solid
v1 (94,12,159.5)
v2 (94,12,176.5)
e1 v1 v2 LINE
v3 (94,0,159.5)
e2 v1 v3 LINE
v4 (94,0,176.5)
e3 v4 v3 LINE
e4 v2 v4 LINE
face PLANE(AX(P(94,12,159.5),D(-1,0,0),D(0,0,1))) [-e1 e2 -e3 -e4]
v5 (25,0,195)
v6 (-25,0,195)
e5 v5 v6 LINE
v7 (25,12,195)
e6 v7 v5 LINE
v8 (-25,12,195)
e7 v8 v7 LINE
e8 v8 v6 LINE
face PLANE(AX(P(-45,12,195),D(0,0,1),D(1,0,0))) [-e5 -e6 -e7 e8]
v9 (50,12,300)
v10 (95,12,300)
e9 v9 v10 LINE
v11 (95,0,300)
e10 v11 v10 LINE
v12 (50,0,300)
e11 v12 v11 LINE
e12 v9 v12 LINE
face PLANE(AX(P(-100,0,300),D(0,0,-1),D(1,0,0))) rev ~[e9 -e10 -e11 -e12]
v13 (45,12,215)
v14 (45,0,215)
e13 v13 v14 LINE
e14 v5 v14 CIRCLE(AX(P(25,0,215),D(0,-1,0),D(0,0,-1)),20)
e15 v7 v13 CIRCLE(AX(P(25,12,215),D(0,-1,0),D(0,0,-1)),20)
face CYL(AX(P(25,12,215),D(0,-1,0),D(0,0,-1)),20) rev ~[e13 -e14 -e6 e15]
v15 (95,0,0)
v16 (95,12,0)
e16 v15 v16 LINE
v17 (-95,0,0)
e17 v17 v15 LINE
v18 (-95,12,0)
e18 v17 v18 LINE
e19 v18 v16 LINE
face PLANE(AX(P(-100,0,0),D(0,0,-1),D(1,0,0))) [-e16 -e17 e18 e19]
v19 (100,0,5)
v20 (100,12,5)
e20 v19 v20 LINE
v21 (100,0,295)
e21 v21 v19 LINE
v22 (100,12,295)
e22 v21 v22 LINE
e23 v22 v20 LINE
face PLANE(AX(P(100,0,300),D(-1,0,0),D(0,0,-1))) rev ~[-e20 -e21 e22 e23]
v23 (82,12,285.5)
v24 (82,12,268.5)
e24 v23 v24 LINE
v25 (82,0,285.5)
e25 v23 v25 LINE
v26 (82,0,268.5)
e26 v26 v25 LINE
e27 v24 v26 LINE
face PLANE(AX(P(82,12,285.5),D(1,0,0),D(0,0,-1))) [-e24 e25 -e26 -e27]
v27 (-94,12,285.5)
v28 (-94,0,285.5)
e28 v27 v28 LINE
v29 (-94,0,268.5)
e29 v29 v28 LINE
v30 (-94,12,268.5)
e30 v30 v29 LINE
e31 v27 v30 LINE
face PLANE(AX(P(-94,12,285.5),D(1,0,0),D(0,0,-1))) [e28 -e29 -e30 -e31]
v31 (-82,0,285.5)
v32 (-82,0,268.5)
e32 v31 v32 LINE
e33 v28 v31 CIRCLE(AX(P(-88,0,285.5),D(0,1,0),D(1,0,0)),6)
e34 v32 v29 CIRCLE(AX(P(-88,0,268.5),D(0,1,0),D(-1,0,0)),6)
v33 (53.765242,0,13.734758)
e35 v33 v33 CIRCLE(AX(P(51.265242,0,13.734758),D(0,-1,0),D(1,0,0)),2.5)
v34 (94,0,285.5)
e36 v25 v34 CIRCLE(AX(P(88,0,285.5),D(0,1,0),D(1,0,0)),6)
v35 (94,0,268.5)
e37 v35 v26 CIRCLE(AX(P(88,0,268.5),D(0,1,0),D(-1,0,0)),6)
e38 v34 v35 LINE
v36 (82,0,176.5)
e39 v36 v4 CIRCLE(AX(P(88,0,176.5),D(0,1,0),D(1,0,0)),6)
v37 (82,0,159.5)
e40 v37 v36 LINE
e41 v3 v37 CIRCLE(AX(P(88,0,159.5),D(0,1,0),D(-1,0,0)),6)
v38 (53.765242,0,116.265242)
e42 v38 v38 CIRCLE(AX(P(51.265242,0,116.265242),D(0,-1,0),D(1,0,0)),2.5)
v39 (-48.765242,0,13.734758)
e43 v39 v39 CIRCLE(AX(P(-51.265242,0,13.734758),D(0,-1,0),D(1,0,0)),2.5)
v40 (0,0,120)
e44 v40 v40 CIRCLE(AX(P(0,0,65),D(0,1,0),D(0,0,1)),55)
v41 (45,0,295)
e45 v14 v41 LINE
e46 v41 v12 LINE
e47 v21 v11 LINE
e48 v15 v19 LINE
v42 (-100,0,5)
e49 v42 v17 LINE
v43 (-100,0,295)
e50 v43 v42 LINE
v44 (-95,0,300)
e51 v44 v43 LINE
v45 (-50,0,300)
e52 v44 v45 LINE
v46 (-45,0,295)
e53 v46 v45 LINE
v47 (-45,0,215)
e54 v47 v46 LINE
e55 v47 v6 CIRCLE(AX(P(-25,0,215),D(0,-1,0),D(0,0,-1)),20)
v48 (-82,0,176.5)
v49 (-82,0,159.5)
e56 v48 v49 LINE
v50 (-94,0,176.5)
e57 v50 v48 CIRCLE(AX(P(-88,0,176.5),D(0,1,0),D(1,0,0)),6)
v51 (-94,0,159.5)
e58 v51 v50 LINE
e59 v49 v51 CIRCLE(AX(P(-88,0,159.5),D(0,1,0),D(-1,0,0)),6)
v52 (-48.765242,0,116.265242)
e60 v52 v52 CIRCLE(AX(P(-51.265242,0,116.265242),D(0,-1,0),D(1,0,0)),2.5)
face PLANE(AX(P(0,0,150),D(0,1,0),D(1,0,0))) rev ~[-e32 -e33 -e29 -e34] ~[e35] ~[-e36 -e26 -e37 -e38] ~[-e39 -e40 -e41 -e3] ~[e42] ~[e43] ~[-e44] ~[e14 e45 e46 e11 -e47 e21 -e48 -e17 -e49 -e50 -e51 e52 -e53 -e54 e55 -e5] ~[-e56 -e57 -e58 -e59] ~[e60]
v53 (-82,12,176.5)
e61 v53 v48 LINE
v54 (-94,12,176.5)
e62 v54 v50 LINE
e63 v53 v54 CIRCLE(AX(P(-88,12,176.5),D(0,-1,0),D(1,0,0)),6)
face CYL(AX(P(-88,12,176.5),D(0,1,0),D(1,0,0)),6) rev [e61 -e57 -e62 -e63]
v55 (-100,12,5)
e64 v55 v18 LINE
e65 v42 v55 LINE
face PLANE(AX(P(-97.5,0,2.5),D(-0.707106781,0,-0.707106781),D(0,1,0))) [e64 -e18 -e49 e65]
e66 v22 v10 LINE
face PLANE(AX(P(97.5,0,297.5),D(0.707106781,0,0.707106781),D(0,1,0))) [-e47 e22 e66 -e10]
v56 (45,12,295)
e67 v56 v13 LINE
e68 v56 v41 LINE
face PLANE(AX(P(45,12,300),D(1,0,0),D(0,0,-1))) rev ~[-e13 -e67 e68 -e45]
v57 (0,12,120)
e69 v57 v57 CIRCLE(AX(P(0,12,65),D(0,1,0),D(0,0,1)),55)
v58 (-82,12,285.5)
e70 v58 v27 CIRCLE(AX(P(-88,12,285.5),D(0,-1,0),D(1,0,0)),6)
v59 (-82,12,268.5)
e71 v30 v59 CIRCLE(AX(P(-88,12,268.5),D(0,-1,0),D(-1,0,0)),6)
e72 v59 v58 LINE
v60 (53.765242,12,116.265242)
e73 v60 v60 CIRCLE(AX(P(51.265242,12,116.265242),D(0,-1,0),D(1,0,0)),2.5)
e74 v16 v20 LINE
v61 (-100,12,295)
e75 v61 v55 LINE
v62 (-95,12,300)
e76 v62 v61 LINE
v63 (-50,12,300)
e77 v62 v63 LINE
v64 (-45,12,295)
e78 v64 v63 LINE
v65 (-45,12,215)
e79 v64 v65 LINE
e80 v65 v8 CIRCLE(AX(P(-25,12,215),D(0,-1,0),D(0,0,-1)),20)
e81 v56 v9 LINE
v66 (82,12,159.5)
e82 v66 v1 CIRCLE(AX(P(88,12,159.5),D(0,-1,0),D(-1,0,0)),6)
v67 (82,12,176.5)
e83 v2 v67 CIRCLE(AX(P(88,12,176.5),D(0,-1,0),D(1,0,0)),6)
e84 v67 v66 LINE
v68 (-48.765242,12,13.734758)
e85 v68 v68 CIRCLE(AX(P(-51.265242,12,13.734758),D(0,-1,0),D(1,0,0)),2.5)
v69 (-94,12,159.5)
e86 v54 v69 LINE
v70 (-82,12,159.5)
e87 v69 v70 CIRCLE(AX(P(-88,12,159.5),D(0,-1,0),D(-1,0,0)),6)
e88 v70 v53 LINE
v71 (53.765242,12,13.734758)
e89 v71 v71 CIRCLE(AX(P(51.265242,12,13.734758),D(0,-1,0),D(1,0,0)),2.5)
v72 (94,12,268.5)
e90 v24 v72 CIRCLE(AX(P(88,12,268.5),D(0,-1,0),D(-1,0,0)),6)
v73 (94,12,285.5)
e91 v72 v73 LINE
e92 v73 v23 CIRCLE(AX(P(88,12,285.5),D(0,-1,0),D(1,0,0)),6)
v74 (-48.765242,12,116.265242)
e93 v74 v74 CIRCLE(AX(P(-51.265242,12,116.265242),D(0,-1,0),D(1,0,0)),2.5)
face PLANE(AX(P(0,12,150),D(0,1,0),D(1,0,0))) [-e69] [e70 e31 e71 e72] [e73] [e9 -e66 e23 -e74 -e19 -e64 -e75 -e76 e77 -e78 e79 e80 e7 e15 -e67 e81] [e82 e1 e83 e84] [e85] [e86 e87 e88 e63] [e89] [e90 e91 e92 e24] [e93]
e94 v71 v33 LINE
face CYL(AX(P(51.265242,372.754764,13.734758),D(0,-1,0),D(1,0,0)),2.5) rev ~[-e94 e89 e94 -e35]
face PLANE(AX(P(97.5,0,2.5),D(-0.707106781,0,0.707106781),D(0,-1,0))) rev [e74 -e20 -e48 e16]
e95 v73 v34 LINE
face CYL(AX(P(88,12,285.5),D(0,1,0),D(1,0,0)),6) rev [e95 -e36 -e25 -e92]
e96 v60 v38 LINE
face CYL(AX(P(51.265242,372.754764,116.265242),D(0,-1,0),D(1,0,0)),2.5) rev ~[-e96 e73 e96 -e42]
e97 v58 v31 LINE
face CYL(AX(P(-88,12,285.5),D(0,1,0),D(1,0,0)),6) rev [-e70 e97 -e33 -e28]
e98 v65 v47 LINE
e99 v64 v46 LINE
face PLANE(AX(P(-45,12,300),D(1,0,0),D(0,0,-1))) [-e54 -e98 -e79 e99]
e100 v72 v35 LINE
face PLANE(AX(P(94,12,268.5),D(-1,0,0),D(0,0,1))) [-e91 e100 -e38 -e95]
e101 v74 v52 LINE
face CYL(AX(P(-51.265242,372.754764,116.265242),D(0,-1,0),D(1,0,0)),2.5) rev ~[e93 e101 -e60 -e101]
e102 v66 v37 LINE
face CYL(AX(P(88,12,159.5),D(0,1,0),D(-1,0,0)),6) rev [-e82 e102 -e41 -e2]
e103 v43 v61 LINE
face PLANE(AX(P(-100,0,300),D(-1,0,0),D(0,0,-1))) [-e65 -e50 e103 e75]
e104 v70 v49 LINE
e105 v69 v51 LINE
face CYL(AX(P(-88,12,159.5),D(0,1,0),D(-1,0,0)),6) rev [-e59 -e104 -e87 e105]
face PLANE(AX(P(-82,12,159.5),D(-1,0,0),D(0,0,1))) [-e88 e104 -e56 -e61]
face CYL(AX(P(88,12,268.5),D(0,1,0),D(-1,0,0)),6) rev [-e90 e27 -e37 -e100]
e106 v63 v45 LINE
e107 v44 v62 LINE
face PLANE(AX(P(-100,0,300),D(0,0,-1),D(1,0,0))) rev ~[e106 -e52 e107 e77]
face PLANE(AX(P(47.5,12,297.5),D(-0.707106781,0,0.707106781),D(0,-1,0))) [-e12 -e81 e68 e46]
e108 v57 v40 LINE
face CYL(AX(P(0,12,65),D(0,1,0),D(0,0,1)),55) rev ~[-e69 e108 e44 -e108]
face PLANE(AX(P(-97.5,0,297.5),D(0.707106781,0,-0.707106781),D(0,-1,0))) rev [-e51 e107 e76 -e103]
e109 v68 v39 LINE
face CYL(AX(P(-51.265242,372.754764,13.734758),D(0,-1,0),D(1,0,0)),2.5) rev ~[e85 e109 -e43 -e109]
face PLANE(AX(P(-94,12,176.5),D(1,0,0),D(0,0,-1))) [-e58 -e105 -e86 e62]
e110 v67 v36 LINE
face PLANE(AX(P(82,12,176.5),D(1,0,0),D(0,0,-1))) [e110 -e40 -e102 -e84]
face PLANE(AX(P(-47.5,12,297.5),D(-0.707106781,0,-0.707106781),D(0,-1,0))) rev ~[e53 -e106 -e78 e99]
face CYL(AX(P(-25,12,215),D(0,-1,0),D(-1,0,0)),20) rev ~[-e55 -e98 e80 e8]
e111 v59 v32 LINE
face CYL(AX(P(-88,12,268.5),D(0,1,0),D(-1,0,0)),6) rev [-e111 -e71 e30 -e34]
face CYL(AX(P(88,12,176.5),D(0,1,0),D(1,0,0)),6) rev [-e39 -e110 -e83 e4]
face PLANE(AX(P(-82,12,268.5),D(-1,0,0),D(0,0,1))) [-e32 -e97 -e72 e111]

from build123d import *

# Parameters (mm, degrees)
SKETCH1_W             = 200
SKETCH1_H             = 300
BOSS_EXTRUDE1_DEPTH   = 12
CUT_EXTRUDE1_REACH    = 318.455
SKETCH2_W             = 90
SKETCH2_H             = 105
CUT_EXTRUDE2_REACH    = 318.455
SKETCH3_R             = 55
CUT_EXTRUDE3_REACH    = 318.455
M6X1_0_TAPPED_HOLE1_D = 5
FILLET1_R             = 20
CHAMFER1_SIZE         = 5


with BuildPart() as part:
    # Sketch1 → Boss-Extrude1 (new body)
    with BuildSketch(Plane(origin=(0, 0, 0), x_dir=(1, 0, 0), z_dir=(0, 1, 0))):
        with Locations((0, -150)):
            Rectangle(SKETCH1_W, SKETCH1_H)
    extrude(amount=BOSS_EXTRUDE1_DEPTH)

    # Sketch2 → Cut-Extrude1 (cut, up to next)
    with BuildSketch(Plane(origin=(0, 12, 0), x_dir=(1, 0, 0), z_dir=(0, 1, 0)), mode=Mode.PRIVATE) as cut_extrude1_sk1:
        with Locations((0, -247.5)):
            Rectangle(SKETCH2_W, SKETCH2_H)
    cut_extrude1_tool1 = extrude(cut_extrude1_sk1.sketch, amount=-CUT_EXTRUDE1_REACH, mode=Mode.PRIVATE) & part.part
    add(cut_extrude1_tool1.solids().sort_by_distance((0, 12, 247.5))[0], mode=Mode.SUBTRACT)

    # Sketch3 → Cut-Extrude2 (cut, up to next)
    with BuildSketch(Plane(origin=(0, 12, 0), x_dir=(1, 0, 0), z_dir=(0, 1, 0)), mode=Mode.PRIVATE) as cut_extrude2_sk1:
        with Locations(Location((0, -65, 0), (0, 0, 270))):
            Circle(SKETCH3_R)
    cut_extrude2_tool1 = extrude(cut_extrude2_sk1.sketch, amount=-CUT_EXTRUDE2_REACH, mode=Mode.PRIVATE) & part.part
    add(cut_extrude2_tool1.solids().sort_by_distance((0, 12, 65))[0], mode=Mode.SUBTRACT)

    # Sketch4 → Cut-Extrude3 (cut, up to next)
    with BuildSketch(Plane(origin=(0, 12, 0), x_dir=(1, 0, 0), z_dir=(0, 1, 0)), mode=Mode.PRIVATE) as cut_extrude3_sk1:
        with BuildLine():
            Line((-82, -268.5), (-82, -285.5))
            ThreePointArc((-82, -285.5), (-88, -291.5), (-94, -285.5))
            Line((-94, -285.5), (-94, -268.5))
            ThreePointArc((-94, -268.5), (-88, -262.5), (-82, -268.5))
        make_face()
    cut_extrude3_tool1 = extrude(cut_extrude3_sk1.sketch, amount=-CUT_EXTRUDE3_REACH, mode=Mode.PRIVATE) & part.part
    # Sketch4 → Cut-Extrude3 (cut, up to next)
    with BuildSketch(Plane(origin=(0, 12, 0), x_dir=(1, 0, 0), z_dir=(0, 1, 0)), mode=Mode.PRIVATE) as cut_extrude3_sk2:
        with BuildLine():
            Line((94, -268.5), (94, -285.5))
            ThreePointArc((94, -285.5), (88, -291.5), (82, -285.5))
            Line((82, -285.5), (82, -268.5))
            ThreePointArc((82, -268.5), (88, -262.5), (94, -268.5))
        make_face()
    cut_extrude3_tool2 = extrude(cut_extrude3_sk2.sketch, amount=-CUT_EXTRUDE3_REACH, mode=Mode.PRIVATE) & part.part
    # Sketch4 → Cut-Extrude3 (cut, up to next)
    with BuildSketch(Plane(origin=(0, 12, 0), x_dir=(1, 0, 0), z_dir=(0, 1, 0)), mode=Mode.PRIVATE) as cut_extrude3_sk3:
        with BuildLine():
            Line((-94, -176.5), (-94, -159.5))
            ThreePointArc((-94, -159.5), (-88, -153.5), (-82, -159.5))
            Line((-82, -159.5), (-82, -176.5))
            ThreePointArc((-82, -176.5), (-88, -182.5), (-94, -176.5))
        make_face()
    cut_extrude3_tool3 = extrude(cut_extrude3_sk3.sketch, amount=-CUT_EXTRUDE3_REACH, mode=Mode.PRIVATE) & part.part
    # Sketch4 → Cut-Extrude3 (cut, up to next)
    with BuildSketch(Plane(origin=(0, 12, 0), x_dir=(1, 0, 0), z_dir=(0, 1, 0)), mode=Mode.PRIVATE) as cut_extrude3_sk4:
        with BuildLine():
            Line((82, -176.5), (82, -159.5))
            ThreePointArc((82, -159.5), (88, -153.5), (94, -159.5))
            Line((94, -159.5), (94, -176.5))
            ThreePointArc((94, -176.5), (88, -182.5), (82, -176.5))
        make_face()
    cut_extrude3_tool4 = extrude(cut_extrude3_sk4.sketch, amount=-CUT_EXTRUDE3_REACH, mode=Mode.PRIVATE) & part.part
    add(cut_extrude3_tool1.solids().sort_by_distance((-88, 12, 277))[0], mode=Mode.SUBTRACT)
    add(cut_extrude3_tool2.solids().sort_by_distance((88, 12, 277))[0], mode=Mode.SUBTRACT)
    add(cut_extrude3_tool3.solids().sort_by_distance((-88, 12, 168))[0], mode=Mode.SUBTRACT)
    add(cut_extrude3_tool4.solids().sort_by_distance((88, 12, 168))[0], mode=Mode.SUBTRACT)

    # M6x1.0 Tapped Hole1 (through all)
    with Locations(Plane(origin=(0, 12, 0), x_dir=(-1, 0, 0), z_dir=(0, 1, 0))):
        with Locations((-51.265241636, 116.265241636), (51.265241636, 116.265241636), (-51.265241636, 13.734758364), (51.265241636, 13.734758364)):
            Hole(M6X1_0_TAPPED_HOLE1_D / 2)

    # Fillet1
    fillet1_edges = [part.edges().sort_by_distance(p)[0] for p in [
        (-45, 6, 195),
        (45, 6, 195),
    ]]
    fillet(fillet1_edges, radius=FILLET1_R)

    # Chamfer1
    chamfer1_edges = [part.edges().sort_by_distance(p)[0] for p in [
        (-45, 6, 300),
        (45, 6, 300),
        (-100, 6, 0),
        (100, 6, 0),
        (100, 6, 300),
        (-100, 6, 300),
    ]]
    chamfer(chamfer1_edges, length=CHAMFER1_SIZE)


solid = part.part
